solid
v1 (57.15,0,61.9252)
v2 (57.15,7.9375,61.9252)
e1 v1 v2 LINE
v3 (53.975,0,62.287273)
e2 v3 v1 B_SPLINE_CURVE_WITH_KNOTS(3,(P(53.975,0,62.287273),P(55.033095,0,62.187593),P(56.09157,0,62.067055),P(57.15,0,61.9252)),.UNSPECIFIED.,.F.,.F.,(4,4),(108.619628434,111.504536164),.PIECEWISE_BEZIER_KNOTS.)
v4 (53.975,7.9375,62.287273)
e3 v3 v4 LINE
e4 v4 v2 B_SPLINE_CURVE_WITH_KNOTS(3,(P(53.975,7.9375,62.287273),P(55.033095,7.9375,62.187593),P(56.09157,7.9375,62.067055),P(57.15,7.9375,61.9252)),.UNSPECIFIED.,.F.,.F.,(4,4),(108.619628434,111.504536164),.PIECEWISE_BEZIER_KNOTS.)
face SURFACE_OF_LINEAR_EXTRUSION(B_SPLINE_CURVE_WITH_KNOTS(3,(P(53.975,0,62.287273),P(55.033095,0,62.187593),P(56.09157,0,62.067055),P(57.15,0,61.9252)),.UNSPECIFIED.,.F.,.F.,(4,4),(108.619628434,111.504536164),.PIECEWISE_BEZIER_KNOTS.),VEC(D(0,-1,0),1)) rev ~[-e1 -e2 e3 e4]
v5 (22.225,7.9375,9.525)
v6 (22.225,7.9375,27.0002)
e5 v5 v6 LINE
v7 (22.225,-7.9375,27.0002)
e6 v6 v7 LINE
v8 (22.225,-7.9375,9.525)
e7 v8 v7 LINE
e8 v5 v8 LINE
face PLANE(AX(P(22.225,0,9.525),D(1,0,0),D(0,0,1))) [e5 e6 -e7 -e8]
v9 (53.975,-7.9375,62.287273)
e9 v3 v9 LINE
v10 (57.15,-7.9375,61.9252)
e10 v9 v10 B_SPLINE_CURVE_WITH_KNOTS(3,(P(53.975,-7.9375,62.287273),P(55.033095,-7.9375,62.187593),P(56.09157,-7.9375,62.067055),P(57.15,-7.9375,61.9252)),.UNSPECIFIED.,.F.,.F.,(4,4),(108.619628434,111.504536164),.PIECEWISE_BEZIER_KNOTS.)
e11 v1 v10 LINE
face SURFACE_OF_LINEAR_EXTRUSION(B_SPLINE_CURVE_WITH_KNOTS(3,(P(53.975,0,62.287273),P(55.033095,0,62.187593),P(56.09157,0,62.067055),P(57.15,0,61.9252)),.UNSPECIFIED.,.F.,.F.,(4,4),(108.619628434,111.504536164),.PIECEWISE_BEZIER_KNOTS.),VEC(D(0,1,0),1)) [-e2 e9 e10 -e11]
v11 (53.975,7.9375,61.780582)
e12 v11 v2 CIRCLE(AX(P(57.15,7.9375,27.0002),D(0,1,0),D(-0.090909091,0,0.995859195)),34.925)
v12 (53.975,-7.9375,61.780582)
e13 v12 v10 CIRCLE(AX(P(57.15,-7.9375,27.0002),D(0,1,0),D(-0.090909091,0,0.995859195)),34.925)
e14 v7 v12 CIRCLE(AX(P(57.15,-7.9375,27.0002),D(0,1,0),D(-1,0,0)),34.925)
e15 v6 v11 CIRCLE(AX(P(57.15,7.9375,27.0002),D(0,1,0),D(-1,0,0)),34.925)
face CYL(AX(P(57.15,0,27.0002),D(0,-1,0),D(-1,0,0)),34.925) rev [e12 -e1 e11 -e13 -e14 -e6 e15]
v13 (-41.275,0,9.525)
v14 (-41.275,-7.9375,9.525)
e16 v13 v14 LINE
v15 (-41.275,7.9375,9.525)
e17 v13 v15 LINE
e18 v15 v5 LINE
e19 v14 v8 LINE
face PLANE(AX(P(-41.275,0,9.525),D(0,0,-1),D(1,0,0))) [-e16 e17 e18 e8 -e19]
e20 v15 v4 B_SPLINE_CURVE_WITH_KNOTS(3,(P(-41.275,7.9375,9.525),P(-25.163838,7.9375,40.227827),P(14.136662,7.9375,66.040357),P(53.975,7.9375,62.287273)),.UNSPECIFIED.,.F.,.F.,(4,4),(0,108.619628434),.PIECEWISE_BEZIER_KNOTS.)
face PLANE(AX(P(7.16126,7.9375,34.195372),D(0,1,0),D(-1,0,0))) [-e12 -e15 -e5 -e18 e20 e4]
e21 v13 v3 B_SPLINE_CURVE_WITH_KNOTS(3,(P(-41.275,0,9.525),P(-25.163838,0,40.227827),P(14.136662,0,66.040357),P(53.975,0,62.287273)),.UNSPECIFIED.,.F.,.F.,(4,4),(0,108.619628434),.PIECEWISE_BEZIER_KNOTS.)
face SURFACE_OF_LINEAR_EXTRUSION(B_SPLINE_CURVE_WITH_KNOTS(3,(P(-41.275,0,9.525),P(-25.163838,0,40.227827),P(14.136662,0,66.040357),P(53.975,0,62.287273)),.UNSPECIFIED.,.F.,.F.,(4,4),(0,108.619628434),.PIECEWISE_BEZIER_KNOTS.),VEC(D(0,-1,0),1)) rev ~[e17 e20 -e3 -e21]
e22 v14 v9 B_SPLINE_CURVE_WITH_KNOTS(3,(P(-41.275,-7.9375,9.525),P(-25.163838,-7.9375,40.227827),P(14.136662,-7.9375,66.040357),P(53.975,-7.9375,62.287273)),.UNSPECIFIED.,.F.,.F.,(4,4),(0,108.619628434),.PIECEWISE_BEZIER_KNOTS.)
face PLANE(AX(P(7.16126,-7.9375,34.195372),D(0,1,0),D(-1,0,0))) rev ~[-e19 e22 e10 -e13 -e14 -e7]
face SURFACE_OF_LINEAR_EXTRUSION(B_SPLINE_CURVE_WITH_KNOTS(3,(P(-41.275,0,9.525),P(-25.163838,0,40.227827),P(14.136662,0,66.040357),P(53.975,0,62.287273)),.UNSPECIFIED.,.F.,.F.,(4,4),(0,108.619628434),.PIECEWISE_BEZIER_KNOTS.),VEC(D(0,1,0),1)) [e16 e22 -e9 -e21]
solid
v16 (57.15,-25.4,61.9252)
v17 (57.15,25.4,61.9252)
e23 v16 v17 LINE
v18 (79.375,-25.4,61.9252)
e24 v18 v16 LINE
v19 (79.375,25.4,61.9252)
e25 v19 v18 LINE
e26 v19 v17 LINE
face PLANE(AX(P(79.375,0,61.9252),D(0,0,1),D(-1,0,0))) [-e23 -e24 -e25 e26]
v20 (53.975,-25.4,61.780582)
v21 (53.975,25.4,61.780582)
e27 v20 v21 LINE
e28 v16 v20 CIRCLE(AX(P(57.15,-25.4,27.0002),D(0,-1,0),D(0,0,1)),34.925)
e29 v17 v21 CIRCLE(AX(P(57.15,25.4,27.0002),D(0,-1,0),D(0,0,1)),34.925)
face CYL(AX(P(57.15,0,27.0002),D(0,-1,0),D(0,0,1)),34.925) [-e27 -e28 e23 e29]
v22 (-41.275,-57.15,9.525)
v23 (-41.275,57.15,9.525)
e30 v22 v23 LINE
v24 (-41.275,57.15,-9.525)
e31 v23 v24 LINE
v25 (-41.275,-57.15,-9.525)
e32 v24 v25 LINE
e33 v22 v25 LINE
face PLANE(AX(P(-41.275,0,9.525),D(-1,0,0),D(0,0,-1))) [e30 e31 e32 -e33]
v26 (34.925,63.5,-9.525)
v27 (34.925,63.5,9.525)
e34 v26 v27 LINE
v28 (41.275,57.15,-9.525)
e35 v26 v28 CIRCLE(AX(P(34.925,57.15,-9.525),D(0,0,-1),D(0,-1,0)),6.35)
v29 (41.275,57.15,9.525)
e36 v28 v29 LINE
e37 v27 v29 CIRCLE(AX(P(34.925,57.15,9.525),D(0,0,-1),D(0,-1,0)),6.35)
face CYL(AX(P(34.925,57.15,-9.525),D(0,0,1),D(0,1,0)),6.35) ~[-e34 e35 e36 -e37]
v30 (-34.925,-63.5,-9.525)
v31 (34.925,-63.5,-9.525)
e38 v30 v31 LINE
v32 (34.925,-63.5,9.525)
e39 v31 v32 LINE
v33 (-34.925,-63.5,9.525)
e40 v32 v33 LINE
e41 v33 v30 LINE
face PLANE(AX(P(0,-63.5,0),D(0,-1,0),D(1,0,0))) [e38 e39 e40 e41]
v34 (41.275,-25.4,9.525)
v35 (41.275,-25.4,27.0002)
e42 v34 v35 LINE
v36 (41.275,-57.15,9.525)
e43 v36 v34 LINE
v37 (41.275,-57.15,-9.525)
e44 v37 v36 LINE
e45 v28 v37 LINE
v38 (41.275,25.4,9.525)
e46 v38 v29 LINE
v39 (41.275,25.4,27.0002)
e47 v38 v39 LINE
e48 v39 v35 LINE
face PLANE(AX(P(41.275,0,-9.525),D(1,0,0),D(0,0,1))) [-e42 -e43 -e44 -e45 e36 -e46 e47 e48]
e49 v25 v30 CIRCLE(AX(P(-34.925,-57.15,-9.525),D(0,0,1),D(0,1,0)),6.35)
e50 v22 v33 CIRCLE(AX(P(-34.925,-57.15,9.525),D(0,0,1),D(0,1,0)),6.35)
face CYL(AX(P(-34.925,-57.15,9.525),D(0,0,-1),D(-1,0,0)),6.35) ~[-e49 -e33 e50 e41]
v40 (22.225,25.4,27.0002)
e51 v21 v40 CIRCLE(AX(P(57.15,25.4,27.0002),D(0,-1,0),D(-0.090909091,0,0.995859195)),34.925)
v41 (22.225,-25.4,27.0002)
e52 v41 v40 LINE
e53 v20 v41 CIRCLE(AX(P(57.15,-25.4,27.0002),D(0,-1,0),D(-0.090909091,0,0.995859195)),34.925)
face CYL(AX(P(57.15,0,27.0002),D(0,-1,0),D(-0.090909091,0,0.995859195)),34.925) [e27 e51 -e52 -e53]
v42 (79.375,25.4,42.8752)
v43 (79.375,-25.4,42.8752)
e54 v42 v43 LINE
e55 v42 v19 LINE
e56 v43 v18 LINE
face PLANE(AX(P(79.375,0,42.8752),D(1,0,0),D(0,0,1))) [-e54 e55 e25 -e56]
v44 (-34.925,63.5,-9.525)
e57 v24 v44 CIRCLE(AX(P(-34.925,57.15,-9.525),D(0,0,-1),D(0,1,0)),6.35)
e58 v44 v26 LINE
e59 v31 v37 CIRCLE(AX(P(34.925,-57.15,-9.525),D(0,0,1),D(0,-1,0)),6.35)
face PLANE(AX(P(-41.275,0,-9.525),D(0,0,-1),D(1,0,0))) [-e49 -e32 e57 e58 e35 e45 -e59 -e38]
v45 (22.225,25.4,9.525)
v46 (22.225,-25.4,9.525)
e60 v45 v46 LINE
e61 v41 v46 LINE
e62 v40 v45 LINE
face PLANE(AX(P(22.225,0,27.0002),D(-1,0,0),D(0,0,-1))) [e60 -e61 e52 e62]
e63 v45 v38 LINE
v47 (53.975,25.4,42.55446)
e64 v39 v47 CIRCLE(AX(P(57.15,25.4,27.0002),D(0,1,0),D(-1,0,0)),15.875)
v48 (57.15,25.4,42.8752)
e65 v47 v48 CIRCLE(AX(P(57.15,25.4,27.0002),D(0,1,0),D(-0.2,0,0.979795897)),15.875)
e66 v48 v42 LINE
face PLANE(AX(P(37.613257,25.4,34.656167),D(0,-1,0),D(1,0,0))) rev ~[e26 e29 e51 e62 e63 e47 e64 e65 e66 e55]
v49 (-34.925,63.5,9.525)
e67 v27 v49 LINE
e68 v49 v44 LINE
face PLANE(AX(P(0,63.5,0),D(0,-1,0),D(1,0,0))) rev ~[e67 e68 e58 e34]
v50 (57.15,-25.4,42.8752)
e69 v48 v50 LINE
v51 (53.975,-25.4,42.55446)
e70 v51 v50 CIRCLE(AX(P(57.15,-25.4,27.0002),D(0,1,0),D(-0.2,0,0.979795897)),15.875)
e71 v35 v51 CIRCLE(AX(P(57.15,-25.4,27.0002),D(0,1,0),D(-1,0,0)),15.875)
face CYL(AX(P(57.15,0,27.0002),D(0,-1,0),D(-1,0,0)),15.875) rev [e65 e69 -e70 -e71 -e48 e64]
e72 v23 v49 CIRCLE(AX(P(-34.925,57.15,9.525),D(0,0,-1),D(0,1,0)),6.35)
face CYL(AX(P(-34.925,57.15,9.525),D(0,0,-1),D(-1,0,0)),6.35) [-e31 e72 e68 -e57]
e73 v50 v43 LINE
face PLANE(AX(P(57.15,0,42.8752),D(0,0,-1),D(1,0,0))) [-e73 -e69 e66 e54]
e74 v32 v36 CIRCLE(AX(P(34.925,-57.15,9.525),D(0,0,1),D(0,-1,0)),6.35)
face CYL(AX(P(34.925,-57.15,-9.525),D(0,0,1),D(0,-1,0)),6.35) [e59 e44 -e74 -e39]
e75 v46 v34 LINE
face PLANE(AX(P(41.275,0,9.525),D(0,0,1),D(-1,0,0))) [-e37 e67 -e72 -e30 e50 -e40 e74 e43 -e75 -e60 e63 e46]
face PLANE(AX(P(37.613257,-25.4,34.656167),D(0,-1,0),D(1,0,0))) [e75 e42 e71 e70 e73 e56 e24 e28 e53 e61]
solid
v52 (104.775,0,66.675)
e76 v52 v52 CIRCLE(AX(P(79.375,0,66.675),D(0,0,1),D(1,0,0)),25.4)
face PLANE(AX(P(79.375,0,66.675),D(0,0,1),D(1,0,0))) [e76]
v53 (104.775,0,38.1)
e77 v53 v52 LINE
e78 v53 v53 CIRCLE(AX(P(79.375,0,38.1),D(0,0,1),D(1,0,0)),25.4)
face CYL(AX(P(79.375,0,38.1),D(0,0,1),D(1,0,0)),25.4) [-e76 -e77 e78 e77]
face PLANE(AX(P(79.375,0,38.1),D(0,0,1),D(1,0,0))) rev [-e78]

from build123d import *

# Parameters (mm, degrees)
F1_DEPTH = 63.5
F2_DEPTH = 25.4
F3_DEPTH = 7.9375
F5_R     = 6.35


with BuildPart() as f1:
    # F0 (on Front) → F1 (new body, symmetric)
    with BuildSketch(Plane.XZ):
        Polygon((22.225, 9.525), (-41.275, 9.525), (-41.275, -9.525), (41.275, -9.525), (41.275, 9.525), align=None)
    extrude(amount=F1_DEPTH, both=True)

    # F0 (on Front) → F2 (join, symmetric)
    with BuildSketch(Plane.XZ):
        with BuildLine():
            Line((22.225, 27.0002), (22.225, 9.525))
            Line((22.225, 9.525), (41.275, 9.525))
            Line((41.275, 9.525), (41.275, 27.0002))
            ThreePointArc((41.275, 27.0002), (44.8532778758, 37.040431571), (53.975, 42.5544598667))
            Line((53.975, 42.5544598667), (53.975, 61.7805824016))
            ThreePointArc((53.975, 61.7805824016), (31.3561780653, 50.5466301965), (22.225, 27.0002))
        make_face()
        with BuildLine():
            ThreePointArc((57.15, 61.9252), (55.5608540619, 61.8890268675), (53.975, 61.7805824016))
            Line((53.975, 61.7805824016), (53.975, 42.5544598667))
            ThreePointArc((53.975, 42.5544598667), (55.5544202282, 42.794811429), (57.15, 42.8752))
            Line((57.15, 42.8752), (79.375, 42.8752))
            Line((79.375, 42.8752), (79.375, 61.9252))
            Line((79.375, 61.9252), (57.15, 61.9252))
        make_face()
    extrude(amount=F2_DEPTH, both=True)

    # F5
    f5_edges = [f1.edges().sort_by_distance(p)[0] for p in [
        (41.275, -63.5, 0),
        (-41.275, -63.5, 0),
        (41.275, 63.5, 0),
        (-41.275, 63.5, 0),
    ]]
    fillet(f5_edges, radius=F5_R)


with BuildPart() as f3:
    # F0 (on Front) → F3 (new body, symmetric)
    with BuildSketch(Plane.XZ):
        with BuildLine():
            add(Edge.make_bspline(
                [(-41.275, 9.525), (-25.1638375289, 40.227826574), (14.1366621508, 66.0403572169), (53.975, 62.2872734092)],
                knots=[0, 0, 0, 0, 108.6196284342, 108.6196284342, 108.6196284342, 108.6196284342], degree=3))
            Line((-41.275, 9.525), (22.225, 9.525))
            Line((22.225, 9.525), (22.225, 27.0002))
            ThreePointArc((22.225, 27.0002), (31.3561780653, 50.5466301965), (53.975, 61.7805824016))
            Line((53.975, 61.7805824016), (53.975, 62.2872734092))
        make_face()
        with BuildLine():
            add(Edge.make_bspline(
                [(53.975, 62.2872734092), (55.0330953962, 62.187592526), (56.0915701937, 62.0670554931), (57.15, 61.9252)],
                knots=[108.6196284342, 108.6196284342, 108.6196284342, 108.6196284342, 111.5045361635, 111.5045361635, 111.5045361635, 111.5045361635], degree=3))
            Line((53.975, 62.2872734092), (53.975, 61.7805824016))
            ThreePointArc((53.975, 61.7805824016), (55.5608540619, 61.8890268675), (57.15, 61.9252))
        make_face()
        with BuildLine():
            add(Edge.make_bspline(
                [(-41.275, 9.525), (-25.1638375289, 40.227826574), (14.1366621508, 66.0403572169), (53.975, 62.2872734092)],
                knots=[0, 0, 0, 0, 108.6196284342, 108.6196284342, 108.6196284342, 108.6196284342], degree=3))
            Line((-41.275, 9.525), (22.225, 9.525))
            Line((22.225, 9.525), (22.225, 27.0002))
            ThreePointArc((22.225, 27.0002), (31.3561780653, 50.5466301965), (53.975, 61.7805824016))
            Line((53.975, 61.7805824016), (53.975, 62.2872734092))
        make_face()
    extrude(amount=F3_DEPTH, both=True)


with BuildPart() as f4:
    # F0 (on Front) → F4 (revolve)
    with BuildSketch(Plane.XZ):
        Polygon((104.775, 66.675), (79.375, 66.675), (79.375, 61.9252), (79.375, 42.8752), (79.375, 38.1), (104.775, 38.1), align=None)
    revolve(axis=Axis((79.375, 0, 52.3875), (0, 0, 1)))


solid = Compound([f1.part, f3.part, f4.part])
